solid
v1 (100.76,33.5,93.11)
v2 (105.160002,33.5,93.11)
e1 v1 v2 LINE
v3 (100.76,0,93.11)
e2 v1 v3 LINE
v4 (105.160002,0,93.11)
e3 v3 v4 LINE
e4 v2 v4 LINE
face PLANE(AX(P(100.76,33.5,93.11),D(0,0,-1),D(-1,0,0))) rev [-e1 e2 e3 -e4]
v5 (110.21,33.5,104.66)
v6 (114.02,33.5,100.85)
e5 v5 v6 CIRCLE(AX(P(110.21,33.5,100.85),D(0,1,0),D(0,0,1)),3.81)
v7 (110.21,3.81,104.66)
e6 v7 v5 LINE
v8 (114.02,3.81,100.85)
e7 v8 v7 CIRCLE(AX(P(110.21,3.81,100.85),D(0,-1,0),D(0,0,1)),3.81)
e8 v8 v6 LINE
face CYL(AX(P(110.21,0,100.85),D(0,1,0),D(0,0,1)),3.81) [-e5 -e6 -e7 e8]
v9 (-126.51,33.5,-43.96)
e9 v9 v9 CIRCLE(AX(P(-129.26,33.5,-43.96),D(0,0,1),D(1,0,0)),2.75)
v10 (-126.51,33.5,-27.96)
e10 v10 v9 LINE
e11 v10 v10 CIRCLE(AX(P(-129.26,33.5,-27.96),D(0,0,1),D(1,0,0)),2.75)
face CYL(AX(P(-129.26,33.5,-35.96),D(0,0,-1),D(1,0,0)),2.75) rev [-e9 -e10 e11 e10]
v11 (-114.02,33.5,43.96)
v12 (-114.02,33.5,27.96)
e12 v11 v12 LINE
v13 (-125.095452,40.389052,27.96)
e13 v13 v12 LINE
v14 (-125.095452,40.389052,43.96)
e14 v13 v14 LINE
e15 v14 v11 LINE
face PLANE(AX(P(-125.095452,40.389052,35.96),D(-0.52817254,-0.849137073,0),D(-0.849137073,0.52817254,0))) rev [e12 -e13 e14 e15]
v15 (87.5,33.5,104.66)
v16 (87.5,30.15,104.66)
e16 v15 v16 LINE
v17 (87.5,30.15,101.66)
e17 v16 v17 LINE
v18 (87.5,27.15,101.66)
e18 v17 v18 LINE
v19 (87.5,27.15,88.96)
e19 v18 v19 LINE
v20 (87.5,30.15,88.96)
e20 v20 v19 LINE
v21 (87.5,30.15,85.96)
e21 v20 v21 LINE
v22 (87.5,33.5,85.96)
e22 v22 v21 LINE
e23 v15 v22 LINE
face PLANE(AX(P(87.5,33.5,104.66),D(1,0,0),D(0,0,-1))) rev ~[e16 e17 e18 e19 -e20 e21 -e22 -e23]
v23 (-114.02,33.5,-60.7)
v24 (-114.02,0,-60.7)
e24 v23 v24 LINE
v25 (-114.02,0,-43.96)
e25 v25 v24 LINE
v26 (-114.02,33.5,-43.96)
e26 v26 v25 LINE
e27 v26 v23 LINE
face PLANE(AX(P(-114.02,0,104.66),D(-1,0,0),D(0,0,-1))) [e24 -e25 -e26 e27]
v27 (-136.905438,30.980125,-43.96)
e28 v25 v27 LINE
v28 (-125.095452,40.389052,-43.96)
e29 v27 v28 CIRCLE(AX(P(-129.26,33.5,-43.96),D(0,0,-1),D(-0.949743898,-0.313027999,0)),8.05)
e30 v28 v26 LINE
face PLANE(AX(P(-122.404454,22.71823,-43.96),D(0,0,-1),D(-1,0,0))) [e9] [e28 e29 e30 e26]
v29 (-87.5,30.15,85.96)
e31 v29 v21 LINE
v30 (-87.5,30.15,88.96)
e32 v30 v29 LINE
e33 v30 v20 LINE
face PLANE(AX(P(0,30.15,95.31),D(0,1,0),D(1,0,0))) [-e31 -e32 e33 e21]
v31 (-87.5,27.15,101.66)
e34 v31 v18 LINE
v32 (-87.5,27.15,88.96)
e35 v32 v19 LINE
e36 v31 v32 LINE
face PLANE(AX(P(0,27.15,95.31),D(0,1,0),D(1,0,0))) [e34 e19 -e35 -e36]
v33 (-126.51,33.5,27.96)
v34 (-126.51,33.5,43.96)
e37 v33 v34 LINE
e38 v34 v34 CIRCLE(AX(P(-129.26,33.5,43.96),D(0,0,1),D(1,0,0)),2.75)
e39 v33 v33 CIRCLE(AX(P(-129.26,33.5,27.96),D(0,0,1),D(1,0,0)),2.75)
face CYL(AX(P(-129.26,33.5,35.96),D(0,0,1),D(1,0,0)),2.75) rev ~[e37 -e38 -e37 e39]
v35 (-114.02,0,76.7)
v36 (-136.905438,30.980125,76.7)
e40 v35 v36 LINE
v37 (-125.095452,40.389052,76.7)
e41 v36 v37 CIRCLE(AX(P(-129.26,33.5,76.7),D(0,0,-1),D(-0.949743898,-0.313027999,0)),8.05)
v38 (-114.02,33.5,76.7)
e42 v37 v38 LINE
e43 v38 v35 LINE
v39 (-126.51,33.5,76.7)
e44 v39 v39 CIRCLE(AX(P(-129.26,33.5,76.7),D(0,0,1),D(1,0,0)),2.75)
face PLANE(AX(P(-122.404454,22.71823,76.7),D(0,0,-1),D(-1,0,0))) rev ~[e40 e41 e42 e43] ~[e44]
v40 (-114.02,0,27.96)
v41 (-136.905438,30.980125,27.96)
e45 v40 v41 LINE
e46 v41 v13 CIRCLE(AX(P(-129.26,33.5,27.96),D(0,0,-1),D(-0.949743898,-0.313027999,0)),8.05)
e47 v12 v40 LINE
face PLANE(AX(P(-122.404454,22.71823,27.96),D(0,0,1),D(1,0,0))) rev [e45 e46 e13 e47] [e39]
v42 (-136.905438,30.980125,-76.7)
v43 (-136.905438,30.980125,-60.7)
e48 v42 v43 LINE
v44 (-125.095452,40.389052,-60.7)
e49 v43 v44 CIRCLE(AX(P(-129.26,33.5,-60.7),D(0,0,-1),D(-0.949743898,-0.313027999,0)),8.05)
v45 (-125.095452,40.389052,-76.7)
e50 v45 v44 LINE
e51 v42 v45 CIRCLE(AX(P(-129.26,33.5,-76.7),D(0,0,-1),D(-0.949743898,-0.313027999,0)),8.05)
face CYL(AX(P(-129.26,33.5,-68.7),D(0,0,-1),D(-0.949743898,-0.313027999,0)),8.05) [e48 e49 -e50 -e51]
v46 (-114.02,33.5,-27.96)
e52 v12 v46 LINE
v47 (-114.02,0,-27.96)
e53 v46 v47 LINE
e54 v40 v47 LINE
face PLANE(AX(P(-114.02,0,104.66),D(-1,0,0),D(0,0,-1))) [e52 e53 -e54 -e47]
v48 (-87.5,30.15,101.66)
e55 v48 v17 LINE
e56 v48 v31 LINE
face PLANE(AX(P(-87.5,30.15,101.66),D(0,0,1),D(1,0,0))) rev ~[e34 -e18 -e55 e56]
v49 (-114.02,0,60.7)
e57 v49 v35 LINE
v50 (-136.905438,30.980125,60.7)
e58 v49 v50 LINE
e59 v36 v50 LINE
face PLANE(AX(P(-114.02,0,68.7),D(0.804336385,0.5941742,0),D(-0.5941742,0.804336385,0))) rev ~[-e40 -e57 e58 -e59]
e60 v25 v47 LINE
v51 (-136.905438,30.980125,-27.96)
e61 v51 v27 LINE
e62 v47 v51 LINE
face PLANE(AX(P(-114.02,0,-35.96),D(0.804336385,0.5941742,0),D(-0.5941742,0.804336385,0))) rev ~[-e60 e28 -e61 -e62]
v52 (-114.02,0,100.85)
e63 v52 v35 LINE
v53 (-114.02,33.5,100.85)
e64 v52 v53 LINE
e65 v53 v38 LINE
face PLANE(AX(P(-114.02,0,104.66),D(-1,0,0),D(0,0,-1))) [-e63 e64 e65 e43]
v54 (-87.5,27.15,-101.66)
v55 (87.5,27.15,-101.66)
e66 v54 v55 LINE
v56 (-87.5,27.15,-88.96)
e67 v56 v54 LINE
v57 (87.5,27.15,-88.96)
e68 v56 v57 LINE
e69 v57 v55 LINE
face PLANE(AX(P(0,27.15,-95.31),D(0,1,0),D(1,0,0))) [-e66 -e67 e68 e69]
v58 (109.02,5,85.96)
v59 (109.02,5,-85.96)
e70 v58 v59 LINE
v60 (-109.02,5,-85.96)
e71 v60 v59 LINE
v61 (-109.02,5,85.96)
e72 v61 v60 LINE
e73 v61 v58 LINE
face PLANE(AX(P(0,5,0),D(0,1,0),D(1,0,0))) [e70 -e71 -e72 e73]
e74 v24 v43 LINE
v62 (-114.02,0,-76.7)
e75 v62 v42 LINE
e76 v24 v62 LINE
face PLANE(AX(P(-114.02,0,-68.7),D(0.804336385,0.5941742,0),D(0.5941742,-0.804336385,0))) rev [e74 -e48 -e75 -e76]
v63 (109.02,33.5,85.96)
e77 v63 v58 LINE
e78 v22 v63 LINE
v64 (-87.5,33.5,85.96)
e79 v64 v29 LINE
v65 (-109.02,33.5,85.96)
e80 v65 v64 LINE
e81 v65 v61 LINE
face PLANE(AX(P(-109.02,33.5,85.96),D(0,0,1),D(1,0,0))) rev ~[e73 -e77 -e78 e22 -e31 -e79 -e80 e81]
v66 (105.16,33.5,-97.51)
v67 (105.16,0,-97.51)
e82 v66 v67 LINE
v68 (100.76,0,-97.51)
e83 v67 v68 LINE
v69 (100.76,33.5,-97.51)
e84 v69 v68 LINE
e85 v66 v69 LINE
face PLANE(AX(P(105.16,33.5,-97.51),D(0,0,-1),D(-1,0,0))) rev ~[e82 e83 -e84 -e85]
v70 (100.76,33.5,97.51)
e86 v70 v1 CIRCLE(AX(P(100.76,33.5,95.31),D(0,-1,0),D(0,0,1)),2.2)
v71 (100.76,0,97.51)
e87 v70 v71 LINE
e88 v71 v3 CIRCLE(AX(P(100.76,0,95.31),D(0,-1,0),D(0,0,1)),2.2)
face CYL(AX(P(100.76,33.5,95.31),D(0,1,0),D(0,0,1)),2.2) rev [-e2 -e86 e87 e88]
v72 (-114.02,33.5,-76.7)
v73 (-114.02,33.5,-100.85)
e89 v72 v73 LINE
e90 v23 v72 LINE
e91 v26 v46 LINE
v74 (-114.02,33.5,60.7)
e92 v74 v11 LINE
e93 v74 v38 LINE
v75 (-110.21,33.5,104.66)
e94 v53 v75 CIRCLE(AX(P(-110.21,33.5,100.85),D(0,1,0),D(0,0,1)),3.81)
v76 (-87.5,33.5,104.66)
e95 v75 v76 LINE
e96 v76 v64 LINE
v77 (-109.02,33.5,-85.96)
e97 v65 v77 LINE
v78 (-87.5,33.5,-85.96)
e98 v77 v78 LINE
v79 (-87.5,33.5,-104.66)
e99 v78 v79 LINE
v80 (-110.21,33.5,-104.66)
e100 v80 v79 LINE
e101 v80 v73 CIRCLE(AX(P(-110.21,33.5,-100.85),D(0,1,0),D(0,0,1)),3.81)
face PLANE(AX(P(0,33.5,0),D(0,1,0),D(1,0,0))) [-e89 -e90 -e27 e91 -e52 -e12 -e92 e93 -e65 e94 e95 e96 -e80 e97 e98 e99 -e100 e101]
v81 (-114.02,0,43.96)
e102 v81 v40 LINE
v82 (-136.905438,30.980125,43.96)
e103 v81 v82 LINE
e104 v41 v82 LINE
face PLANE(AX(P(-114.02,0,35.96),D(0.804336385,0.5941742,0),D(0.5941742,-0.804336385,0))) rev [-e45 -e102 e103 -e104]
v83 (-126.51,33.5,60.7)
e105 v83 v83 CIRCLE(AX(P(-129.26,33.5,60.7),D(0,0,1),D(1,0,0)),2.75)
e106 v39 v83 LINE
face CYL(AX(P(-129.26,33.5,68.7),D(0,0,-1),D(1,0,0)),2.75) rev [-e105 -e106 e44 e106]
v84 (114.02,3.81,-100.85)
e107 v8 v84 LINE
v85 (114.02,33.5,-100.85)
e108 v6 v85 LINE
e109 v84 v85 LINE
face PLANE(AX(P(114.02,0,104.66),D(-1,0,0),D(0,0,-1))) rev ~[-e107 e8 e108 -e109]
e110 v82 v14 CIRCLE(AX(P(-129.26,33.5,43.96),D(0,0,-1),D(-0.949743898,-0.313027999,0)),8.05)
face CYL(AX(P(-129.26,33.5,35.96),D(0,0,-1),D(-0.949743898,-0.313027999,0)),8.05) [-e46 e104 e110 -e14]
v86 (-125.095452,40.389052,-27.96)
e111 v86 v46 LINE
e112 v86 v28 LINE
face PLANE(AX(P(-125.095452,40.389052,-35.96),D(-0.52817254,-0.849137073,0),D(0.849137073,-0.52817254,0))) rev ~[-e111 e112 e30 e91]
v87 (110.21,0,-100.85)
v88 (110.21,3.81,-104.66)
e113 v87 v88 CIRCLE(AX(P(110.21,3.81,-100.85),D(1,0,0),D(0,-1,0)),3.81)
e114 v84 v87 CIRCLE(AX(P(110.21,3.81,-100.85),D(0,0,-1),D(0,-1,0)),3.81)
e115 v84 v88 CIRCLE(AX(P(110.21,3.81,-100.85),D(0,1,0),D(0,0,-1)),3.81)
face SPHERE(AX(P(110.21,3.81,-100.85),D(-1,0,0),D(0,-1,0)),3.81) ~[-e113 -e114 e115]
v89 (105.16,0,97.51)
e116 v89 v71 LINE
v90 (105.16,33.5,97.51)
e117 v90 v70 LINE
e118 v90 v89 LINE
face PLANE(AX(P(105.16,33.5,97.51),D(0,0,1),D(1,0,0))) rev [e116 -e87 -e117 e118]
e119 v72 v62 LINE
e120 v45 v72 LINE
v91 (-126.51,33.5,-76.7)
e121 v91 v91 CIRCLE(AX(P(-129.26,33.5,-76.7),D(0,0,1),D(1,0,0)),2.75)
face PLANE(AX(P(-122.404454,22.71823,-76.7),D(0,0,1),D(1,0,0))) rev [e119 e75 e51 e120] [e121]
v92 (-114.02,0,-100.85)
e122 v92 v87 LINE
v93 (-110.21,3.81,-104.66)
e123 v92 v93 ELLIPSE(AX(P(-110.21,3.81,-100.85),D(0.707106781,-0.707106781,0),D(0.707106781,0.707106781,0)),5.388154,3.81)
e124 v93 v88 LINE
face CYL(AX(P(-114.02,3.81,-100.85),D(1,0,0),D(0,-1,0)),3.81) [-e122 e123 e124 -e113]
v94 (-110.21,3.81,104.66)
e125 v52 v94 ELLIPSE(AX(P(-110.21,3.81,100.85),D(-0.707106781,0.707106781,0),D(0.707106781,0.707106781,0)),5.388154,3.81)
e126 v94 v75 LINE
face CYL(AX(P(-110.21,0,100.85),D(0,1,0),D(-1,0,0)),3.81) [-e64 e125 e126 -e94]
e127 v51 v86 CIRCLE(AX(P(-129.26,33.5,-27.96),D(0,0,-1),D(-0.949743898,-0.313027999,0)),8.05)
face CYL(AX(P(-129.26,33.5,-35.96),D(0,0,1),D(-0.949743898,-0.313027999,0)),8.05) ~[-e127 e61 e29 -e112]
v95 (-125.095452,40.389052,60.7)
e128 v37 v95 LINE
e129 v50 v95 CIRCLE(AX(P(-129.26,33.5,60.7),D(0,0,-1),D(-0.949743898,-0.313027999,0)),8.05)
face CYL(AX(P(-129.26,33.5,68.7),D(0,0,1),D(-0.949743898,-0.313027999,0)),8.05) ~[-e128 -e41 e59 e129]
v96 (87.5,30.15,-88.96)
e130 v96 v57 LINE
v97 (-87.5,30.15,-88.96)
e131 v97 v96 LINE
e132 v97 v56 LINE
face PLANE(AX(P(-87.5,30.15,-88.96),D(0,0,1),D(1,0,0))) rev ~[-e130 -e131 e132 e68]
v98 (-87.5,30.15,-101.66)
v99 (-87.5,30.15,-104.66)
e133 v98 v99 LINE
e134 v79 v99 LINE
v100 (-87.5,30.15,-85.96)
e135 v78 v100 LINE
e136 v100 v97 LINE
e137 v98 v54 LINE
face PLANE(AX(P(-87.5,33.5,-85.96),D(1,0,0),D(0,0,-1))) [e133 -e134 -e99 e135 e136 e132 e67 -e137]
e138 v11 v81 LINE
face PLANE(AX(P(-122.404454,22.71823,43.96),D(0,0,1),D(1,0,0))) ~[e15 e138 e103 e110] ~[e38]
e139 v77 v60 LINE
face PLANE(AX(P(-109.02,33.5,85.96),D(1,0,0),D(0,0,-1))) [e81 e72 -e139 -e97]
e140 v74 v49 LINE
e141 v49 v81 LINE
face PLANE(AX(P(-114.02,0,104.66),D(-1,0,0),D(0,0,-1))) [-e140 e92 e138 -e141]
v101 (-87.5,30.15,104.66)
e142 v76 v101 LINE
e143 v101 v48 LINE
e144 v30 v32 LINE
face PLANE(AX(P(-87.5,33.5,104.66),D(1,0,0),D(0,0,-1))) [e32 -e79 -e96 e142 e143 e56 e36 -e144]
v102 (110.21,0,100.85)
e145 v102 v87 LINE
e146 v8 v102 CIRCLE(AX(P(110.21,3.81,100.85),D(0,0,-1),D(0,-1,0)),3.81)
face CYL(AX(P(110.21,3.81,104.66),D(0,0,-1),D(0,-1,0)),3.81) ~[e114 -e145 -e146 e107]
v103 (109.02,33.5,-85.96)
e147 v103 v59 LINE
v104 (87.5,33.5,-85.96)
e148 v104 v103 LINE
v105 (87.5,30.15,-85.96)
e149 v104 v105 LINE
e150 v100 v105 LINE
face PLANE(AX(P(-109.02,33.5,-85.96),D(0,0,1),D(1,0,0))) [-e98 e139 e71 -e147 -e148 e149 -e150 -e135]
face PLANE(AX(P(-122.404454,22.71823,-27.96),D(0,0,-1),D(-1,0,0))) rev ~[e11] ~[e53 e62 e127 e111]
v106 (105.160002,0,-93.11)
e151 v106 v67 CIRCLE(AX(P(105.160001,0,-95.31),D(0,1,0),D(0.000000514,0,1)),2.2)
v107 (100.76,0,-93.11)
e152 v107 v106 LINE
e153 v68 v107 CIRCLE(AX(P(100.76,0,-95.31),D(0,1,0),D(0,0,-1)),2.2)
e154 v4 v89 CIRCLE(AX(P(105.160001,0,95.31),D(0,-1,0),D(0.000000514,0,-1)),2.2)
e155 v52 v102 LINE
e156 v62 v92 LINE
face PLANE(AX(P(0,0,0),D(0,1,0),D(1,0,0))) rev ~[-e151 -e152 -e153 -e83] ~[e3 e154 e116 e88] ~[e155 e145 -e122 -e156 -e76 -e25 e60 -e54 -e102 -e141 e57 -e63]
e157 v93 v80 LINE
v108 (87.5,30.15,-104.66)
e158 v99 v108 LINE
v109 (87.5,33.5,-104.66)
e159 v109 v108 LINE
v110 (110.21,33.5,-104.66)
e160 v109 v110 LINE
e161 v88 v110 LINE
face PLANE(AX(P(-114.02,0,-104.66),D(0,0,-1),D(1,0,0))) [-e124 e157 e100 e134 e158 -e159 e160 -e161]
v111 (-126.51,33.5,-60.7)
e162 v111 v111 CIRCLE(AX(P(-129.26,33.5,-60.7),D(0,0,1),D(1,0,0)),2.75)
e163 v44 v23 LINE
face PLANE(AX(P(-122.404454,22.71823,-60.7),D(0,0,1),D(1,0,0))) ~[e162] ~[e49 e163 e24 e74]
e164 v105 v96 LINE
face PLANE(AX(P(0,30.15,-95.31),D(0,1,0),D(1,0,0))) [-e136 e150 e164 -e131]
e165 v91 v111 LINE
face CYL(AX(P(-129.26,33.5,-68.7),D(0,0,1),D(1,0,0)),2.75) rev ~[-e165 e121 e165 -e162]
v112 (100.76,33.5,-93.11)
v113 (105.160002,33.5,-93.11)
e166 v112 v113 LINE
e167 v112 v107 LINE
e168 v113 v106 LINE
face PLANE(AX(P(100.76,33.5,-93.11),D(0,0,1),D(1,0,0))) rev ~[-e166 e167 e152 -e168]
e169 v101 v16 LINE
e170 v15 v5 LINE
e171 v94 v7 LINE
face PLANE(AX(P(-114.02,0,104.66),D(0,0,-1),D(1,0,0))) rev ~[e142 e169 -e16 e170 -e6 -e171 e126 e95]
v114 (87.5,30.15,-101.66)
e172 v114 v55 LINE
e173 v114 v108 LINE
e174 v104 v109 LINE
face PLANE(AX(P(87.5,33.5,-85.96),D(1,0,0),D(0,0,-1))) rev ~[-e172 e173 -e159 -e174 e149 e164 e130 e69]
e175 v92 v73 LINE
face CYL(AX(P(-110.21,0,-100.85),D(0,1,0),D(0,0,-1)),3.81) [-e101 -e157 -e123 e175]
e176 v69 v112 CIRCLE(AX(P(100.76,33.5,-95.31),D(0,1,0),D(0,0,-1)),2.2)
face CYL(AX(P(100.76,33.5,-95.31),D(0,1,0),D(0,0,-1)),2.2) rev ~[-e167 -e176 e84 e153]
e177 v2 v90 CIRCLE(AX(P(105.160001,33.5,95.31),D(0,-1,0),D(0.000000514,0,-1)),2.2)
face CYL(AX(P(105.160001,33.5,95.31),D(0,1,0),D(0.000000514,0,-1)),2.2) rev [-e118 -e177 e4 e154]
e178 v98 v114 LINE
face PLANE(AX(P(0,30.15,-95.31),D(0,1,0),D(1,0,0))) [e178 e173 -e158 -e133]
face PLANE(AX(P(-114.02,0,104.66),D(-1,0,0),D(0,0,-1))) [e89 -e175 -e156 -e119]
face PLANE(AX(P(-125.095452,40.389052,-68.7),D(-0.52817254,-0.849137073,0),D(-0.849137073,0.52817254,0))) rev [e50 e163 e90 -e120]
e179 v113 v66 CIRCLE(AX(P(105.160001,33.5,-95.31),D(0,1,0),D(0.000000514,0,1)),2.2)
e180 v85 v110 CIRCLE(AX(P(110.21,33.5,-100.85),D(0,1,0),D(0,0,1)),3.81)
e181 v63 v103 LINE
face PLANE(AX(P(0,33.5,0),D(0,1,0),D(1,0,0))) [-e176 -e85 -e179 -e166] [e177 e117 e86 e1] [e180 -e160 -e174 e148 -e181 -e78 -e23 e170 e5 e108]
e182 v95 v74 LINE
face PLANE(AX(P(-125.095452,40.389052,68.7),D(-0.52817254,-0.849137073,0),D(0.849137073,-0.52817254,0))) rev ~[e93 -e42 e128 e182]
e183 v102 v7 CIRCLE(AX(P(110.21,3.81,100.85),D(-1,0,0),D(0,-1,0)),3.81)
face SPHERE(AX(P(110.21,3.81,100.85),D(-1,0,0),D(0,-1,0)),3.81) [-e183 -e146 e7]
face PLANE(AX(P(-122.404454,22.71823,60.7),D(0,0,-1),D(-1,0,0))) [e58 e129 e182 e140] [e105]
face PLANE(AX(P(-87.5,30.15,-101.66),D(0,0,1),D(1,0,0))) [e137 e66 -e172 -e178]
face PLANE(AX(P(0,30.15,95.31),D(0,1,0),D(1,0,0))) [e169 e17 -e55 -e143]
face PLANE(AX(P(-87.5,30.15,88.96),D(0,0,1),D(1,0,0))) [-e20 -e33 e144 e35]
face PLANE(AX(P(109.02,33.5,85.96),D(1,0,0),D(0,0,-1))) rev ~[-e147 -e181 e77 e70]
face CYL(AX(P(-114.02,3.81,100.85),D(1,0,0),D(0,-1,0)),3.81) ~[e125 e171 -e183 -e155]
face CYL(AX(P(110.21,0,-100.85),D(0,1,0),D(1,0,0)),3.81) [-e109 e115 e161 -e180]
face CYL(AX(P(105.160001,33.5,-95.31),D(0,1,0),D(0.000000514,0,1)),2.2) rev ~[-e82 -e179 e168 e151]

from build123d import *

# Parameters (mm, degrees)
SKETCH1_W               = 228.04
SKETCH1_H               = 209.32
BOSS_EXTRUDE1_DEPTH     = 33.5
SKETCH2_W               = 218.04
SKETCH2_H               = 171.92
CUT_EXTRUDE1_DEPTH      = 28.5
SKETCH4_W               = 175
SKETCH4_H               = 18.7
CUT_EXTRUDE2_DEPTH      = 3.35
SKETCH5_W               = 175
SKETCH5_H               = 12.7
CUT_EXTRUDE3_DEPTH      = 3
SKETCH6_W               = 175
SKETCH6_H               = 18.7
CUT_EXTRUDE4_DEPTH      = 3.35
SKETCH7_W               = 175
SKETCH7_H               = 12.7
CUT_EXTRUDE5_DEPTH      = 3
SKETCH9_R               = 2.75
BOSS_EXTRUDE2_DEPTH     = 8
MIRROR2_COPY_1_SKETCH_R = 2.75
MIRROR2_COPY_1_DEPTH    = 8
CUT_EXTRUDE6_DEPTH      = 33.5
FILLET3_R               = 3.81


with BuildPart() as part:
    # Sketch1 → Boss-Extrude1 (new body)
    with BuildSketch(Plane(origin=(0, 0, 0), x_dir=(1, 0, 0), z_dir=(0, 1, 0))):
        Rectangle(SKETCH1_W, SKETCH1_H)
    extrude(amount=BOSS_EXTRUDE1_DEPTH)

    # Sketch2 → Cut-Extrude1 (cut)
    with BuildSketch(Plane(origin=(0, 33.5, 0), x_dir=(1, 0, 0), z_dir=(0, 1, 0))):
        Rectangle(SKETCH2_W, SKETCH2_H)
    extrude(amount=-CUT_EXTRUDE1_DEPTH, mode=Mode.SUBTRACT)

    # Sketch4 → Cut-Extrude2 (cut)
    with BuildSketch(Plane(origin=(0, 33.5, 0), x_dir=(1, 0, 0), z_dir=(0, 1, 0))):
        with Locations((0, -95.31)):
            Rectangle(SKETCH4_W, SKETCH4_H)
    extrude(amount=-CUT_EXTRUDE2_DEPTH, mode=Mode.SUBTRACT)

    # Sketch5 → Cut-Extrude3 (cut)
    with BuildSketch(Plane(origin=(0, 30.15, 0), x_dir=(1, 0, 0), z_dir=(0, 1, 0))):
        with Locations((0, -95.31)):
            Rectangle(SKETCH5_W, SKETCH5_H)
    extrude(amount=-CUT_EXTRUDE3_DEPTH, mode=Mode.SUBTRACT)

    # Sketch6 → Cut-Extrude4 (cut)
    with BuildSketch(Plane(origin=(0, 33.5, 0), x_dir=(1, 0, 0), z_dir=(0, 1, 0))):
        with Locations((0, 95.31)):
            Rectangle(SKETCH6_W, SKETCH6_H)
    extrude(amount=-CUT_EXTRUDE4_DEPTH, mode=Mode.SUBTRACT)

    # Sketch7 → Cut-Extrude5 (cut)
    with BuildSketch(Plane(origin=(0, 30.15, 0), x_dir=(1, 0, 0), z_dir=(0, 1, 0))):
        with Locations((0, 95.31)):
            Rectangle(SKETCH7_W, SKETCH7_H)
    extrude(amount=-CUT_EXTRUDE5_DEPTH, mode=Mode.SUBTRACT)

    # Sketch9 → Boss-Extrude2 (add, symmetric)
    with BuildSketch(Plane.XY.offset(-35.96)):
        with BuildLine():
            Line((-114.02, 0), (-136.905438379, 30.980124606))
            ThreePointArc((-136.905438379, 30.980124606), (-134.276086797, 39.796139551), (-125.095451514, 40.389051887))
            Line((-125.095451514, 40.389051887), (-114.02, 33.5))
            Line((-114.02, 33.5), (-114.02, 0))
        make_face()
        with Locations((-129.26, 33.5)):
            Circle(SKETCH9_R, mode=Mode.SUBTRACT)
    boss_extrude2 = extrude(amount=BOSS_EXTRUDE2_DEPTH, both=True)

    # Mirror1: Boss-Extrude2 across plane
    add(boss_extrude2.mirror(Plane.XY.offset(-52.33)))

    # Mirror2: Boss-Extrude2 across plane
    add(boss_extrude2.mirror(Plane.XY))

    # Mirror2 copy 1 sketch → Mirror2 copy 1 (add, symmetric)
    with BuildSketch(Plane.XY.offset(68.7)):
        with BuildLine():
            Line((-114.02, 0), (-136.905438379, 30.980124606))
            ThreePointArc((-136.905438379, 30.980124606), (-134.276086797, 39.796139551), (-125.095451514, 40.389051887))
            Line((-125.095451514, 40.389051887), (-114.02, 33.5))
            Line((-114.02, 33.5), (-114.02, 0))
        make_face()
        with Locations((-129.26, 33.5)):
            Circle(MIRROR2_COPY_1_SKETCH_R, mode=Mode.SUBTRACT)
    extrude(amount=MIRROR2_COPY_1_DEPTH, both=True)

    # Sketch11 → Cut-Extrude6 (cut)
    with BuildSketch(Plane(origin=(0, 33.5, 0), x_dir=(1, 0, 0), z_dir=(0, 1, 0))):
        with BuildLine():
            Line((100.76, 93.11), (105.160002263, 93.11))
            ThreePointArc((105.160002263, 93.11), (107.360001132, 95.310001132), (105.16, 97.51))
            Line((105.16, 97.51), (100.76, 97.51))
            ThreePointArc((100.76, 97.51), (98.56, 95.31), (100.76, 93.11))
        make_face()
    cut_extrude6 = extrude(amount=-CUT_EXTRUDE6_DEPTH, mode=Mode.SUBTRACT)

    # Mirror3: Cut-Extrude6 across plane
    add(cut_extrude6.mirror(Plane.XY), mode=Mode.SUBTRACT)

    # Fillet3
    fillet3_edges = [part.edges().sort_by_distance(p)[0] for p in [
        (0, 0, 104.66),
        (0, 0, -104.66),
        (114.02, 0, 0),
        (114.02, 16.75, 104.66),
        (-114.02, 16.75, 104.66),
        (-114.02, 16.75, -104.66),
        (114.02, 16.75, -104.66),
    ]]
    fillet(fillet3_edges, radius=FILLET3_R)


solid = part.part
